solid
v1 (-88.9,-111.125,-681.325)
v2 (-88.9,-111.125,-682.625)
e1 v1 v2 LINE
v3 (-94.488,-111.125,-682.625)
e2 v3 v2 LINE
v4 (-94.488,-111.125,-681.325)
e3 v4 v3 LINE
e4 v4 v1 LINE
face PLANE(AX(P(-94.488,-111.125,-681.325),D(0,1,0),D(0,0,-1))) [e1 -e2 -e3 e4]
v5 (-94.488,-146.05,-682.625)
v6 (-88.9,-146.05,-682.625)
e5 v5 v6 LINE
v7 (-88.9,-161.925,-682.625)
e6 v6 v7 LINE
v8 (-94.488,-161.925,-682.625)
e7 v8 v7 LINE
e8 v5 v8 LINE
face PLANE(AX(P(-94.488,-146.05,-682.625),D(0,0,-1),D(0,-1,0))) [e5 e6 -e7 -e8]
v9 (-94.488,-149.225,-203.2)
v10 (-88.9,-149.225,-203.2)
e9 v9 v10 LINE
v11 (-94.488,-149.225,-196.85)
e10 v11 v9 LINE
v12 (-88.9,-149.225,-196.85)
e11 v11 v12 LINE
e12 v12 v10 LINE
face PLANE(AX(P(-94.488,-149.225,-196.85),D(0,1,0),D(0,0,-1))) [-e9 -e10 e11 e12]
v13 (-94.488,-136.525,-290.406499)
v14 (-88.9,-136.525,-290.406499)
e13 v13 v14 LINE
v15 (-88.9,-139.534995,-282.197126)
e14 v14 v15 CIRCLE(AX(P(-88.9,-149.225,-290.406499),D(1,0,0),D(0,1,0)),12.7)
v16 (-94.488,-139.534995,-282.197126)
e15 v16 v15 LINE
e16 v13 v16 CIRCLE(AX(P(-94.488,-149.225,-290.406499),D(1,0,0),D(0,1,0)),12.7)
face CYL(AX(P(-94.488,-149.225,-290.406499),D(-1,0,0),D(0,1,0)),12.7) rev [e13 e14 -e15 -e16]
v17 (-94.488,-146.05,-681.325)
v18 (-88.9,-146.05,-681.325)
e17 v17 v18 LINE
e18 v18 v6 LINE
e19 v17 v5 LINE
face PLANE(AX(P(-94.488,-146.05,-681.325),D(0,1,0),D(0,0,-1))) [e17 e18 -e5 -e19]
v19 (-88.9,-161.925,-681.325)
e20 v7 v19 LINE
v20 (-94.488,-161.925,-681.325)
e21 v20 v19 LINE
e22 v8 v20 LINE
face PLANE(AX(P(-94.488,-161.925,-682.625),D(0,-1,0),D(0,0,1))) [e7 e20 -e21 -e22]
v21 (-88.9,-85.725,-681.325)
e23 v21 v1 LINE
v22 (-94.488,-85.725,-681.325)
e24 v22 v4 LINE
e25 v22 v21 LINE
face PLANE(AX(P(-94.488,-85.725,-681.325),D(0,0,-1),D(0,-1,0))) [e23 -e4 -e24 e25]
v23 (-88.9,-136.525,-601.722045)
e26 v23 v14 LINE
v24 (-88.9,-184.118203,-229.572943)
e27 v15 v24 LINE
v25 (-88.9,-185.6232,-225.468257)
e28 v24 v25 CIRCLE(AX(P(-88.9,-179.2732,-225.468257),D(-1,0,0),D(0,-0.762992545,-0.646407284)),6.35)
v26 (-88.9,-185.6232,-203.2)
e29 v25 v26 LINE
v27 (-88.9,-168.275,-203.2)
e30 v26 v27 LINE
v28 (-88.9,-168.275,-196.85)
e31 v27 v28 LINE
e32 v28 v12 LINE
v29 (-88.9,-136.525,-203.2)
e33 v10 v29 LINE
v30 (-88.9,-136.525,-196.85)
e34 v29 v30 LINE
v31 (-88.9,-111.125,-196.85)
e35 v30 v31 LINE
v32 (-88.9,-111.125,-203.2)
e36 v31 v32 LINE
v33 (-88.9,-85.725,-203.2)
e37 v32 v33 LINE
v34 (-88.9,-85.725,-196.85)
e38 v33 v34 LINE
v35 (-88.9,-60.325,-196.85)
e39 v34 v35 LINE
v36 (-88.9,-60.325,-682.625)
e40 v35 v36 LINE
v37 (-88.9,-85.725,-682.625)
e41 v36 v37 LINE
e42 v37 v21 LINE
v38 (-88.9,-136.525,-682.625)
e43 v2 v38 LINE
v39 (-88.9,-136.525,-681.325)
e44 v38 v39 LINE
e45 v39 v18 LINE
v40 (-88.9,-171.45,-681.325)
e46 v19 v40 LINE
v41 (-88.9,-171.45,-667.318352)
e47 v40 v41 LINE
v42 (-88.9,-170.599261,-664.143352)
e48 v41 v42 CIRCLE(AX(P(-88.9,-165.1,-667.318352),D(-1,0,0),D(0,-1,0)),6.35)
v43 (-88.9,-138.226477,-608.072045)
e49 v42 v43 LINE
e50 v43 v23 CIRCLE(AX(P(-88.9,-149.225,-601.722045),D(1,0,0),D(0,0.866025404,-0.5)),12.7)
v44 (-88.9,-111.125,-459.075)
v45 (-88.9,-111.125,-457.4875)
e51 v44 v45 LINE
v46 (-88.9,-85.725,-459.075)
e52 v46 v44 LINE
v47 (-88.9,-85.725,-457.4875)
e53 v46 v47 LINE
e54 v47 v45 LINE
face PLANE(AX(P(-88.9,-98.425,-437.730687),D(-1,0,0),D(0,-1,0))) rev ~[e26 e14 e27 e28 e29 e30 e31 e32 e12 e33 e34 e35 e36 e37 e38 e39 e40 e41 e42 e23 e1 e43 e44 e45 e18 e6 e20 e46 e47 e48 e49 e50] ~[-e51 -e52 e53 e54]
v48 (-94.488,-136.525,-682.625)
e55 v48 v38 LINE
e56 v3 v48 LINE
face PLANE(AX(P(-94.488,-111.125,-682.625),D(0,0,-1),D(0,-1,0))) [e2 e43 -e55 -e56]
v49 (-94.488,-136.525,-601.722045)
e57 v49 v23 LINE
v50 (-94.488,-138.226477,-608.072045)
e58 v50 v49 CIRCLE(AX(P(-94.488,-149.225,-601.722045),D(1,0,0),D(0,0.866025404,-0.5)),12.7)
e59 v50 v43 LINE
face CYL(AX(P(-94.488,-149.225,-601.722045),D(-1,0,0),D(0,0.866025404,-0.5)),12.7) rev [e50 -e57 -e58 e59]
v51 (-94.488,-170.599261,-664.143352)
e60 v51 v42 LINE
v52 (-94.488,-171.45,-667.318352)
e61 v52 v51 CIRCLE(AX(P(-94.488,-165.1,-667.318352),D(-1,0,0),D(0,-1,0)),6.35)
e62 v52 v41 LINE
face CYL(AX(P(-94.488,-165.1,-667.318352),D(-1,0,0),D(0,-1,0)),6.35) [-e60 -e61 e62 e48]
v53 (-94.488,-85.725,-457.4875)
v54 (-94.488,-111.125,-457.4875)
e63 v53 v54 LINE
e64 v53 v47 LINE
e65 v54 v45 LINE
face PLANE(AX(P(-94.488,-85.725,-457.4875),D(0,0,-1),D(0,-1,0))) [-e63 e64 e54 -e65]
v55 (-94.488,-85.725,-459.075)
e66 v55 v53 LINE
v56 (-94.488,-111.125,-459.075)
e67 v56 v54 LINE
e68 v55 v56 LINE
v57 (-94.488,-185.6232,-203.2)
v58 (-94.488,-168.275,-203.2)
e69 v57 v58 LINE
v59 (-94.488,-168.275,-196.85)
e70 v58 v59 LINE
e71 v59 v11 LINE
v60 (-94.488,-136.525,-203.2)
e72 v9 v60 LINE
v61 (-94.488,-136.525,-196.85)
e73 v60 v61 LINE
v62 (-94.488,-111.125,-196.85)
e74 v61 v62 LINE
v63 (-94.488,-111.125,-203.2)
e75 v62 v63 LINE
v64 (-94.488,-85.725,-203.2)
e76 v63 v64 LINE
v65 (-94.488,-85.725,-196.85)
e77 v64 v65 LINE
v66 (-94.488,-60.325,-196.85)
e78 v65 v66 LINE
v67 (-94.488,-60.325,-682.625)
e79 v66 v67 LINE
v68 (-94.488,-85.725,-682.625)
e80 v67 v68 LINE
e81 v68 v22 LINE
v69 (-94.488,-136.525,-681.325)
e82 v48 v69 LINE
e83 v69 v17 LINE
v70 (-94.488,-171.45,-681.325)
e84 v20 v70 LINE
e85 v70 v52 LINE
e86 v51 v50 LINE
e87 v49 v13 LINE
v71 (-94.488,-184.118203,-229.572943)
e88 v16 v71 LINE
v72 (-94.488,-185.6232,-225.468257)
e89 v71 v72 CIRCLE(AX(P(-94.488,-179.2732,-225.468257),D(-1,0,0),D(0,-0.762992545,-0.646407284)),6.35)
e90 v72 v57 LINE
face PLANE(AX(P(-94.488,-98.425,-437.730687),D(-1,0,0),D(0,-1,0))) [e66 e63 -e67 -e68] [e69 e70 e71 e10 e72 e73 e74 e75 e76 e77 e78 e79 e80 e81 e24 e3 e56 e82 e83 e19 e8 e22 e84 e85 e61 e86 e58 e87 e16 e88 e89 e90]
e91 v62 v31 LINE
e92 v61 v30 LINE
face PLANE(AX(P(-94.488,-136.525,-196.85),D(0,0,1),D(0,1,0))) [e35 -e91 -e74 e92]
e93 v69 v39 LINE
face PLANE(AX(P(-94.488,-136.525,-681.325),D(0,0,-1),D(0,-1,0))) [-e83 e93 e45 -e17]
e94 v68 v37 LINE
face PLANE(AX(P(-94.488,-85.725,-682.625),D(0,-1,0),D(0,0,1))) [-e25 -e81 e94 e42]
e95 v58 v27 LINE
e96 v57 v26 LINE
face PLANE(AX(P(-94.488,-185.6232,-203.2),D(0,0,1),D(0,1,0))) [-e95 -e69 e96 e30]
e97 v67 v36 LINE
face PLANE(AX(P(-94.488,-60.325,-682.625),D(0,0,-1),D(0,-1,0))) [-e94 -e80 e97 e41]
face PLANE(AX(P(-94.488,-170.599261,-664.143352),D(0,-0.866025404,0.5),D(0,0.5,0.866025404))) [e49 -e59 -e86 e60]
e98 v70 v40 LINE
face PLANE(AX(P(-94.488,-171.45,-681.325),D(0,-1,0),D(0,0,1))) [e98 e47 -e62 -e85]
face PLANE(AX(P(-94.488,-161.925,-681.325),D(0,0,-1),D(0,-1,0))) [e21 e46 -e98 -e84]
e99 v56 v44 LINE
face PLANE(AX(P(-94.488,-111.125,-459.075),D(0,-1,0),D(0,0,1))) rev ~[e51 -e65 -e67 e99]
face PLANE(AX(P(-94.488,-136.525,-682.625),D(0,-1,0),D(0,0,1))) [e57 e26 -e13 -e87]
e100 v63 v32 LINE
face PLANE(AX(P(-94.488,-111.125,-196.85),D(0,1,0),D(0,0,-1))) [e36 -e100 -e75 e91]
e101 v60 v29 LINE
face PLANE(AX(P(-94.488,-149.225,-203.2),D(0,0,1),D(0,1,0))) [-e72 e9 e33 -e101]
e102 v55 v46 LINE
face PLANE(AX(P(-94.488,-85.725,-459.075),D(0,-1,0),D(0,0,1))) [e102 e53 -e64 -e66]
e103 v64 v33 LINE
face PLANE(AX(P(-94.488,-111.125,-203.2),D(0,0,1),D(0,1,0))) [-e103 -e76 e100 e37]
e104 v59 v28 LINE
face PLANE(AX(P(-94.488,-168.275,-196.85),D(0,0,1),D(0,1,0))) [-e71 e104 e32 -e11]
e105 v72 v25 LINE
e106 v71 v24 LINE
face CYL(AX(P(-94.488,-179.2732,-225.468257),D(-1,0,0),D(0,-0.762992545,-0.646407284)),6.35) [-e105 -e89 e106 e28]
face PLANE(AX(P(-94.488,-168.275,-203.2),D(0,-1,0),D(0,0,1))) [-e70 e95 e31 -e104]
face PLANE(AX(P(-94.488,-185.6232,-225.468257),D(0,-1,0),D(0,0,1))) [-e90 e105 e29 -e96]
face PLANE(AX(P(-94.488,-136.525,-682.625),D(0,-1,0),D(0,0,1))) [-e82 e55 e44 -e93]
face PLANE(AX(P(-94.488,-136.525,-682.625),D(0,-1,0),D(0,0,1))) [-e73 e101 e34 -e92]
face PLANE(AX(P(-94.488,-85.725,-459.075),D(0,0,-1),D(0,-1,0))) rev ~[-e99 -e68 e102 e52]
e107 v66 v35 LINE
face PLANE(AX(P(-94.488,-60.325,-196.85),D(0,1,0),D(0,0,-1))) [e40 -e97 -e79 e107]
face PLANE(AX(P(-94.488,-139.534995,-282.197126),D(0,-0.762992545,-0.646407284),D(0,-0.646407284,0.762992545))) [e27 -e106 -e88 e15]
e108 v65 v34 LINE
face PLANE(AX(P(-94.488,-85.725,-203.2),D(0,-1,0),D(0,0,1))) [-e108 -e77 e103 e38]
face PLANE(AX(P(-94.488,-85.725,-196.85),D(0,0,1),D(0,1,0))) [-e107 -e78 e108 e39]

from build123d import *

# Parameters (mm, degrees)
SKETCH1_W           = 25.4
SKETCH1_H           = 1.5875
BOSS_EXTRUDE1_DEPTH = 5.588


with BuildPart() as part:
    # Sketch1 → Boss-Extrude1 (new body)
    # profile 1 of 3: a face of its own
    with BuildSketch(Plane(origin=(-94.488, 0, 0), x_dir=(0, -1, 0), z_dir=(-1, 0, 0))):
        Polygon((136.525, -196.85), (111.125, -196.85), (111.125, -203.2), (85.725, -203.2), (85.725, -196.85), (60.325, -196.85), (60.325, -682.625), (85.725, -682.625), (85.725, -681.325), (111.125, -681.325), (111.125, -682.625), (136.525, -682.625), align=None)
        with Locations((98.425, -458.28125)):
            Rectangle(SKETCH1_W, SKETCH1_H, mode=Mode.SUBTRACT)
    # profile 2 of 3: a face of its own
    with BuildSketch(Plane(origin=(-94.488, 0, 0), x_dir=(0, -1, 0), z_dir=(-1, 0, 0))):
        with BuildLine():
            Line((149.225, -203.2), (136.525, -203.2))
            Line((136.525, -203.2), (136.525, -290.406498707))
            ThreePointArc((136.525, -290.406498707), (137.30121982, -286.034603668), (139.534994681, -282.197126202))
            Line((139.534994681, -282.197126202), (184.118202659, -229.57294303))
            ThreePointArc((184.118202659, -229.57294303), (185.23509009, -227.654204297), (185.6232, -225.468256778))
            Line((185.6232, -225.468256778), (185.6232, -203.2))
            Line((185.6232, -203.2), (168.275, -203.2))
            Line((168.275, -203.2), (168.275, -196.85))
            Line((168.275, -196.85), (149.225, -196.85))
            Line((149.225, -196.85), (149.225, -203.2))
        make_face()
    # profile 3 of 3: a face of its own
    with BuildSketch(Plane(origin=(-94.488, 0, 0), x_dir=(0, -1, 0), z_dir=(-1, 0, 0))):
        with BuildLine():
            ThreePointArc((138.226477372, -608.072045256), (136.957742006, -605.009047129), (136.525, -601.722045256))
            Line((136.525, -601.722045256), (136.525, -681.325))
            Line((136.525, -681.325), (146.05, -681.325))
            Line((146.05, -681.325), (146.05, -682.625))
            Line((146.05, -682.625), (161.925, -682.625))
            Line((161.925, -682.625), (161.925, -681.325))
            Line((161.925, -681.325), (171.45, -681.325))
            Line((171.45, -681.325), (171.45, -667.318351826))
            ThreePointArc((171.45, -667.318351826), (171.233628997, -665.67485089), (170.599261314, -664.143351826))
            Line((170.599261314, -664.143351826), (138.226477372, -608.072045256))
        make_face()
    extrude(amount=-BOSS_EXTRUDE1_DEPTH)


solid = part.part
